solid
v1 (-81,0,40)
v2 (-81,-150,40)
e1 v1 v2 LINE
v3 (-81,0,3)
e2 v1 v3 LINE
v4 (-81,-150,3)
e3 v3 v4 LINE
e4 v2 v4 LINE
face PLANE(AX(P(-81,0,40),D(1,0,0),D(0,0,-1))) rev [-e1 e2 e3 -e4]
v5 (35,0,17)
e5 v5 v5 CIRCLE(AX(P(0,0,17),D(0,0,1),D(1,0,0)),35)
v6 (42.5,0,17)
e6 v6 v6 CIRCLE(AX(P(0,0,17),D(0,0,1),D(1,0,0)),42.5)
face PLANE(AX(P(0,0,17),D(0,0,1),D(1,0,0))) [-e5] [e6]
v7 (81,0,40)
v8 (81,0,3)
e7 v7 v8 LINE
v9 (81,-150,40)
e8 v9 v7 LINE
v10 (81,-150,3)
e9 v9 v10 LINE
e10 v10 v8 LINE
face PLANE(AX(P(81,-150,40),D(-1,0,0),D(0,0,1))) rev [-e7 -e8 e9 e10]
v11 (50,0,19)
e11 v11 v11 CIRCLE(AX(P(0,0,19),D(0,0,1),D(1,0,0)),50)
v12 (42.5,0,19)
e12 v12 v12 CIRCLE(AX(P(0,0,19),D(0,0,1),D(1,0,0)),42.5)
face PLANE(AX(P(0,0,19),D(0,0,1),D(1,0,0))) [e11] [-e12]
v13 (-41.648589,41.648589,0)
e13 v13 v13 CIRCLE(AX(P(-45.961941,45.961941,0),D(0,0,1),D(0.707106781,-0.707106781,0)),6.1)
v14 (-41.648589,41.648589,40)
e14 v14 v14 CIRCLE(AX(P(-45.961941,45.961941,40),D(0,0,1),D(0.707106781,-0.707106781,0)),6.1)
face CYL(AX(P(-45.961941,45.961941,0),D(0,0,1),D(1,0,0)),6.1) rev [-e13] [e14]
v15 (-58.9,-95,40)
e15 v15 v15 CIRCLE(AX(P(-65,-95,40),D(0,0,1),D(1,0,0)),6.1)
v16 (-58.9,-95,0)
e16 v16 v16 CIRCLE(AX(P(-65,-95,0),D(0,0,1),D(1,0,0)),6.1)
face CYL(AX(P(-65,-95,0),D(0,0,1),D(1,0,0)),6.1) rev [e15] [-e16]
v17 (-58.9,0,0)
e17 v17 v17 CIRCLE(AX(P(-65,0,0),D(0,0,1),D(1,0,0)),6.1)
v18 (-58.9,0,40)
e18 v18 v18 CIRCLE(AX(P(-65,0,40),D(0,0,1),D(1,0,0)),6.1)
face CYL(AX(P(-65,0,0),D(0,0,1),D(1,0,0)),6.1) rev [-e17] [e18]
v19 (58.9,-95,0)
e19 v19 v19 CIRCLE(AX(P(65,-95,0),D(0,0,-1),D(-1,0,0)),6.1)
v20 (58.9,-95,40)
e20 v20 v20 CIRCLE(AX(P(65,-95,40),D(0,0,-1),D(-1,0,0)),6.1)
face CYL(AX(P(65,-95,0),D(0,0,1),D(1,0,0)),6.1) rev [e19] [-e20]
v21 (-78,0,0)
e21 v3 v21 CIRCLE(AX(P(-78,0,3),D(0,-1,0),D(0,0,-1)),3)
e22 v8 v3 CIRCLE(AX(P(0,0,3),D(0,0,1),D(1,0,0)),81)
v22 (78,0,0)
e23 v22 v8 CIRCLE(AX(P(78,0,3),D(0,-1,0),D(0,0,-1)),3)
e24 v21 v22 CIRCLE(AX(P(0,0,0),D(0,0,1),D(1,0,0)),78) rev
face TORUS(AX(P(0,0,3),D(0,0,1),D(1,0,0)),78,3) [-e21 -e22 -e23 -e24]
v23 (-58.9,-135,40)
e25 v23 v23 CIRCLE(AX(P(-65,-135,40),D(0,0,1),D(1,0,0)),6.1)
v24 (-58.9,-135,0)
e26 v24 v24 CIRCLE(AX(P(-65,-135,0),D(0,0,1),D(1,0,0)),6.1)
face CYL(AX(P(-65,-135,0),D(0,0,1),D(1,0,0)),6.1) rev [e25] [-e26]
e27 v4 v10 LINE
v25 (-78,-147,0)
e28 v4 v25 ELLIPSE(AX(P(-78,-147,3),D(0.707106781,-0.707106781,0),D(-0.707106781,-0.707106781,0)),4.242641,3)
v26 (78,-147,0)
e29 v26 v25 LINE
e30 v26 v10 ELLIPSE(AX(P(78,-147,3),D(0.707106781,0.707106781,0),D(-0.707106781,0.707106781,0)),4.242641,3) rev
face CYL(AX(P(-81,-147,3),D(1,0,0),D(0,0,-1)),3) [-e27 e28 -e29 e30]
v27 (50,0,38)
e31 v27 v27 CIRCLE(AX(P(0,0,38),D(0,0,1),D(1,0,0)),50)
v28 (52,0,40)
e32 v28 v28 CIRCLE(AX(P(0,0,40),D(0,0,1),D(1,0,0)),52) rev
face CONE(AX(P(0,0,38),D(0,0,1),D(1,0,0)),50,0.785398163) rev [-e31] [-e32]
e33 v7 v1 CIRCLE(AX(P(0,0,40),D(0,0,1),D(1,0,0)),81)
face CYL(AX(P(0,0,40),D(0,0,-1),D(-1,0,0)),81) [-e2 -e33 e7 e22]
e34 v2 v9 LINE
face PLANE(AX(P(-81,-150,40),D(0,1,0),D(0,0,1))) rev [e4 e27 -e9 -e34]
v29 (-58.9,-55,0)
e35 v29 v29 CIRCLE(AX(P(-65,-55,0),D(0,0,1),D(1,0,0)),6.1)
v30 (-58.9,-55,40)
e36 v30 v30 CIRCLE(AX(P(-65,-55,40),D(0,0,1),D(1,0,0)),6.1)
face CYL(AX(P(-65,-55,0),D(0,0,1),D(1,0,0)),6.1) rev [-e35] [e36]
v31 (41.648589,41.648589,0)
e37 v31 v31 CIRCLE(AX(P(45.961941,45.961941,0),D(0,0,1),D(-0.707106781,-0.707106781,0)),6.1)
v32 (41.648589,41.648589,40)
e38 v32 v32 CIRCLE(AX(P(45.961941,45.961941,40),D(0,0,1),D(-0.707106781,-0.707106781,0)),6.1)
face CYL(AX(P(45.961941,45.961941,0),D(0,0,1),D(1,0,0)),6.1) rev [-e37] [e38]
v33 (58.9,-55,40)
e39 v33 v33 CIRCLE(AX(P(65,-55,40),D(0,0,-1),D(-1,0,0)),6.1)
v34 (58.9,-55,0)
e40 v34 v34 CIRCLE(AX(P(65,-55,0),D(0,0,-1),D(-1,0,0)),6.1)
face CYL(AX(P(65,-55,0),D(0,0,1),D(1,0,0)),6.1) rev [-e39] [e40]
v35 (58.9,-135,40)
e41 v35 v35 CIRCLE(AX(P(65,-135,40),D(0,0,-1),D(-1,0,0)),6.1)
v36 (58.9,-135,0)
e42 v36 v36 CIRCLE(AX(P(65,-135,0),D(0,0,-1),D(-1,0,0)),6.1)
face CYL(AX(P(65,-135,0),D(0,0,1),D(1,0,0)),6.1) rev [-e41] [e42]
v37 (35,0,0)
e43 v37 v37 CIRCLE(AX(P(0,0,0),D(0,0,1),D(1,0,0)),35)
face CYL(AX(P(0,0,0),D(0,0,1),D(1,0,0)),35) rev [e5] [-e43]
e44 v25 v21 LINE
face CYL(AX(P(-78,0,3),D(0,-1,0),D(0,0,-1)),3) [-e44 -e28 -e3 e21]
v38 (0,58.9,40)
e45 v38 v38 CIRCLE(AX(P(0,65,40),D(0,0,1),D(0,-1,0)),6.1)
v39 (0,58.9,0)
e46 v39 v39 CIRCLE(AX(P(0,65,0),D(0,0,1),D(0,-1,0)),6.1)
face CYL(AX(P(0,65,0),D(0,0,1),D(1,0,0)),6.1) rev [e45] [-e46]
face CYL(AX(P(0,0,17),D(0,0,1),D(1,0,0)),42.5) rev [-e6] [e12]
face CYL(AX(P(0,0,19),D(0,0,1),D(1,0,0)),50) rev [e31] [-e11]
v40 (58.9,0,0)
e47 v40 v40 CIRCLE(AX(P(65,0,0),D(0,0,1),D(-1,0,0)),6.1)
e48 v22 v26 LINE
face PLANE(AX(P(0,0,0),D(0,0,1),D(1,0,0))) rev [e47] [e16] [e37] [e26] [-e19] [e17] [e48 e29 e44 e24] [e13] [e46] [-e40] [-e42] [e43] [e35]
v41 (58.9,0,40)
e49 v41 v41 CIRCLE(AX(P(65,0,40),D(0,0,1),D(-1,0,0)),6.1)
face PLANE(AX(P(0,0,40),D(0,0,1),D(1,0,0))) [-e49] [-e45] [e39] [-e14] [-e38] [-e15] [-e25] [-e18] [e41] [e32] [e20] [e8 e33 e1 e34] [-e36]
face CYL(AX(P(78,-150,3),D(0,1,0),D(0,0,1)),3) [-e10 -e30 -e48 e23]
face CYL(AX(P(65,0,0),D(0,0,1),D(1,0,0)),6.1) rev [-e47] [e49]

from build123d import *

# Parameters (mm, degrees)
BOSS_EXTRUDE1_DEPTH = 40
SKETCH2_R           = 6.1
CUT_EXTRUDE1_DEPTH  = 40
CIRPATTERN1_COUNT   = 5
CIRPATTERN1_ANGLE   = 180
SKETCH3_R           = 6.1
CUT_EXTRUDE2_DEPTH  = 40
SKETCH4_R           = 50
CUT_EXTRUDE3_DEPTH  = 21
SKETCH5_R           = 42.5
CUT_EXTRUDE4_DEPTH  = 2
SKETCH6_R           = 35
CUT_EXTRUDE5_DEPTH  = 17
CHAMFER1_SIZE       = 2
FILLET1_R           = 3


with BuildPart() as part:
    # Sketch1 → Boss-Extrude1 (new body)
    with BuildSketch(Plane.XY):
        with BuildLine():
            Line((-81, 0), (-81, -150))
            Line((-81, -150), (81, -150))
            Line((81, -150), (81, 0))
            ThreePointArc((81, 0), (0, 81), (-81, 0))
        make_face()
    extrude(amount=BOSS_EXTRUDE1_DEPTH)

    # Sketch2 → Cut-Extrude1 (cut)
    with BuildSketch(Plane.XY.offset(40)):
        with Locations((-65, 0)):
            Circle(SKETCH2_R)
    cut_extrude1 = extrude(amount=-CUT_EXTRUDE1_DEPTH, mode=Mode.SUBTRACT)

    # CirPattern1: Cut-Extrude1 ×5 about axis
    cirpattern1_axis = Axis((0, 0, 0), (0, 0, -1))
    for i in range(1, CIRPATTERN1_COUNT):
        add(cut_extrude1.rotate(cirpattern1_axis, i * CIRPATTERN1_ANGLE / (CIRPATTERN1_COUNT - 1)), mode=Mode.SUBTRACT)

    # Sketch3 → Cut-Extrude2 (cut)
    with BuildSketch(Plane.XY.offset(40)):
        with Locations((-65, -135)):
            Circle(SKETCH3_R)
        with Locations((-65, -95)):
            Circle(SKETCH3_R)
        with Locations((-65, -55)):
            Circle(SKETCH3_R)
    cut_extrude2 = extrude(amount=-CUT_EXTRUDE2_DEPTH, mode=Mode.SUBTRACT)

    # Mirror1: Cut-Extrude2 across plane
    add(cut_extrude2.mirror(Plane(origin=(0, 0, 0), x_dir=(0, 0, 1), z_dir=(1, 0, 0))), mode=Mode.SUBTRACT)

    # Sketch4 → Cut-Extrude3 (cut)
    with BuildSketch(Plane.XY.offset(40)):
        Circle(SKETCH4_R)
    extrude(amount=-CUT_EXTRUDE3_DEPTH, mode=Mode.SUBTRACT)

    # Sketch5 → Cut-Extrude4 (cut)
    with BuildSketch(Plane.XY.offset(19)):
        Circle(SKETCH5_R)
    extrude(amount=-CUT_EXTRUDE4_DEPTH, mode=Mode.SUBTRACT)

    # Sketch6 → Cut-Extrude5 (cut)
    with BuildSketch(Plane.XY.offset(17)):
        Circle(SKETCH6_R)
    extrude(amount=-CUT_EXTRUDE5_DEPTH, mode=Mode.SUBTRACT)

    # Chamfer1
    chamfer1_edges = [part.edges().sort_by_distance(p)[0] for p in [
        (-50, 0, 40),
    ]]
    chamfer(chamfer1_edges, length=CHAMFER1_SIZE)

    # Fillet1
    fillet1_edges = [part.edges().sort_by_distance(p)[0] for p in [
        (81, -75, 0),
        (0, -150, 0),
        (-81, -75, 0),
        (0, 81, 0),
    ]]
    fillet(fillet1_edges, radius=FILLET1_R)


solid = part.part
